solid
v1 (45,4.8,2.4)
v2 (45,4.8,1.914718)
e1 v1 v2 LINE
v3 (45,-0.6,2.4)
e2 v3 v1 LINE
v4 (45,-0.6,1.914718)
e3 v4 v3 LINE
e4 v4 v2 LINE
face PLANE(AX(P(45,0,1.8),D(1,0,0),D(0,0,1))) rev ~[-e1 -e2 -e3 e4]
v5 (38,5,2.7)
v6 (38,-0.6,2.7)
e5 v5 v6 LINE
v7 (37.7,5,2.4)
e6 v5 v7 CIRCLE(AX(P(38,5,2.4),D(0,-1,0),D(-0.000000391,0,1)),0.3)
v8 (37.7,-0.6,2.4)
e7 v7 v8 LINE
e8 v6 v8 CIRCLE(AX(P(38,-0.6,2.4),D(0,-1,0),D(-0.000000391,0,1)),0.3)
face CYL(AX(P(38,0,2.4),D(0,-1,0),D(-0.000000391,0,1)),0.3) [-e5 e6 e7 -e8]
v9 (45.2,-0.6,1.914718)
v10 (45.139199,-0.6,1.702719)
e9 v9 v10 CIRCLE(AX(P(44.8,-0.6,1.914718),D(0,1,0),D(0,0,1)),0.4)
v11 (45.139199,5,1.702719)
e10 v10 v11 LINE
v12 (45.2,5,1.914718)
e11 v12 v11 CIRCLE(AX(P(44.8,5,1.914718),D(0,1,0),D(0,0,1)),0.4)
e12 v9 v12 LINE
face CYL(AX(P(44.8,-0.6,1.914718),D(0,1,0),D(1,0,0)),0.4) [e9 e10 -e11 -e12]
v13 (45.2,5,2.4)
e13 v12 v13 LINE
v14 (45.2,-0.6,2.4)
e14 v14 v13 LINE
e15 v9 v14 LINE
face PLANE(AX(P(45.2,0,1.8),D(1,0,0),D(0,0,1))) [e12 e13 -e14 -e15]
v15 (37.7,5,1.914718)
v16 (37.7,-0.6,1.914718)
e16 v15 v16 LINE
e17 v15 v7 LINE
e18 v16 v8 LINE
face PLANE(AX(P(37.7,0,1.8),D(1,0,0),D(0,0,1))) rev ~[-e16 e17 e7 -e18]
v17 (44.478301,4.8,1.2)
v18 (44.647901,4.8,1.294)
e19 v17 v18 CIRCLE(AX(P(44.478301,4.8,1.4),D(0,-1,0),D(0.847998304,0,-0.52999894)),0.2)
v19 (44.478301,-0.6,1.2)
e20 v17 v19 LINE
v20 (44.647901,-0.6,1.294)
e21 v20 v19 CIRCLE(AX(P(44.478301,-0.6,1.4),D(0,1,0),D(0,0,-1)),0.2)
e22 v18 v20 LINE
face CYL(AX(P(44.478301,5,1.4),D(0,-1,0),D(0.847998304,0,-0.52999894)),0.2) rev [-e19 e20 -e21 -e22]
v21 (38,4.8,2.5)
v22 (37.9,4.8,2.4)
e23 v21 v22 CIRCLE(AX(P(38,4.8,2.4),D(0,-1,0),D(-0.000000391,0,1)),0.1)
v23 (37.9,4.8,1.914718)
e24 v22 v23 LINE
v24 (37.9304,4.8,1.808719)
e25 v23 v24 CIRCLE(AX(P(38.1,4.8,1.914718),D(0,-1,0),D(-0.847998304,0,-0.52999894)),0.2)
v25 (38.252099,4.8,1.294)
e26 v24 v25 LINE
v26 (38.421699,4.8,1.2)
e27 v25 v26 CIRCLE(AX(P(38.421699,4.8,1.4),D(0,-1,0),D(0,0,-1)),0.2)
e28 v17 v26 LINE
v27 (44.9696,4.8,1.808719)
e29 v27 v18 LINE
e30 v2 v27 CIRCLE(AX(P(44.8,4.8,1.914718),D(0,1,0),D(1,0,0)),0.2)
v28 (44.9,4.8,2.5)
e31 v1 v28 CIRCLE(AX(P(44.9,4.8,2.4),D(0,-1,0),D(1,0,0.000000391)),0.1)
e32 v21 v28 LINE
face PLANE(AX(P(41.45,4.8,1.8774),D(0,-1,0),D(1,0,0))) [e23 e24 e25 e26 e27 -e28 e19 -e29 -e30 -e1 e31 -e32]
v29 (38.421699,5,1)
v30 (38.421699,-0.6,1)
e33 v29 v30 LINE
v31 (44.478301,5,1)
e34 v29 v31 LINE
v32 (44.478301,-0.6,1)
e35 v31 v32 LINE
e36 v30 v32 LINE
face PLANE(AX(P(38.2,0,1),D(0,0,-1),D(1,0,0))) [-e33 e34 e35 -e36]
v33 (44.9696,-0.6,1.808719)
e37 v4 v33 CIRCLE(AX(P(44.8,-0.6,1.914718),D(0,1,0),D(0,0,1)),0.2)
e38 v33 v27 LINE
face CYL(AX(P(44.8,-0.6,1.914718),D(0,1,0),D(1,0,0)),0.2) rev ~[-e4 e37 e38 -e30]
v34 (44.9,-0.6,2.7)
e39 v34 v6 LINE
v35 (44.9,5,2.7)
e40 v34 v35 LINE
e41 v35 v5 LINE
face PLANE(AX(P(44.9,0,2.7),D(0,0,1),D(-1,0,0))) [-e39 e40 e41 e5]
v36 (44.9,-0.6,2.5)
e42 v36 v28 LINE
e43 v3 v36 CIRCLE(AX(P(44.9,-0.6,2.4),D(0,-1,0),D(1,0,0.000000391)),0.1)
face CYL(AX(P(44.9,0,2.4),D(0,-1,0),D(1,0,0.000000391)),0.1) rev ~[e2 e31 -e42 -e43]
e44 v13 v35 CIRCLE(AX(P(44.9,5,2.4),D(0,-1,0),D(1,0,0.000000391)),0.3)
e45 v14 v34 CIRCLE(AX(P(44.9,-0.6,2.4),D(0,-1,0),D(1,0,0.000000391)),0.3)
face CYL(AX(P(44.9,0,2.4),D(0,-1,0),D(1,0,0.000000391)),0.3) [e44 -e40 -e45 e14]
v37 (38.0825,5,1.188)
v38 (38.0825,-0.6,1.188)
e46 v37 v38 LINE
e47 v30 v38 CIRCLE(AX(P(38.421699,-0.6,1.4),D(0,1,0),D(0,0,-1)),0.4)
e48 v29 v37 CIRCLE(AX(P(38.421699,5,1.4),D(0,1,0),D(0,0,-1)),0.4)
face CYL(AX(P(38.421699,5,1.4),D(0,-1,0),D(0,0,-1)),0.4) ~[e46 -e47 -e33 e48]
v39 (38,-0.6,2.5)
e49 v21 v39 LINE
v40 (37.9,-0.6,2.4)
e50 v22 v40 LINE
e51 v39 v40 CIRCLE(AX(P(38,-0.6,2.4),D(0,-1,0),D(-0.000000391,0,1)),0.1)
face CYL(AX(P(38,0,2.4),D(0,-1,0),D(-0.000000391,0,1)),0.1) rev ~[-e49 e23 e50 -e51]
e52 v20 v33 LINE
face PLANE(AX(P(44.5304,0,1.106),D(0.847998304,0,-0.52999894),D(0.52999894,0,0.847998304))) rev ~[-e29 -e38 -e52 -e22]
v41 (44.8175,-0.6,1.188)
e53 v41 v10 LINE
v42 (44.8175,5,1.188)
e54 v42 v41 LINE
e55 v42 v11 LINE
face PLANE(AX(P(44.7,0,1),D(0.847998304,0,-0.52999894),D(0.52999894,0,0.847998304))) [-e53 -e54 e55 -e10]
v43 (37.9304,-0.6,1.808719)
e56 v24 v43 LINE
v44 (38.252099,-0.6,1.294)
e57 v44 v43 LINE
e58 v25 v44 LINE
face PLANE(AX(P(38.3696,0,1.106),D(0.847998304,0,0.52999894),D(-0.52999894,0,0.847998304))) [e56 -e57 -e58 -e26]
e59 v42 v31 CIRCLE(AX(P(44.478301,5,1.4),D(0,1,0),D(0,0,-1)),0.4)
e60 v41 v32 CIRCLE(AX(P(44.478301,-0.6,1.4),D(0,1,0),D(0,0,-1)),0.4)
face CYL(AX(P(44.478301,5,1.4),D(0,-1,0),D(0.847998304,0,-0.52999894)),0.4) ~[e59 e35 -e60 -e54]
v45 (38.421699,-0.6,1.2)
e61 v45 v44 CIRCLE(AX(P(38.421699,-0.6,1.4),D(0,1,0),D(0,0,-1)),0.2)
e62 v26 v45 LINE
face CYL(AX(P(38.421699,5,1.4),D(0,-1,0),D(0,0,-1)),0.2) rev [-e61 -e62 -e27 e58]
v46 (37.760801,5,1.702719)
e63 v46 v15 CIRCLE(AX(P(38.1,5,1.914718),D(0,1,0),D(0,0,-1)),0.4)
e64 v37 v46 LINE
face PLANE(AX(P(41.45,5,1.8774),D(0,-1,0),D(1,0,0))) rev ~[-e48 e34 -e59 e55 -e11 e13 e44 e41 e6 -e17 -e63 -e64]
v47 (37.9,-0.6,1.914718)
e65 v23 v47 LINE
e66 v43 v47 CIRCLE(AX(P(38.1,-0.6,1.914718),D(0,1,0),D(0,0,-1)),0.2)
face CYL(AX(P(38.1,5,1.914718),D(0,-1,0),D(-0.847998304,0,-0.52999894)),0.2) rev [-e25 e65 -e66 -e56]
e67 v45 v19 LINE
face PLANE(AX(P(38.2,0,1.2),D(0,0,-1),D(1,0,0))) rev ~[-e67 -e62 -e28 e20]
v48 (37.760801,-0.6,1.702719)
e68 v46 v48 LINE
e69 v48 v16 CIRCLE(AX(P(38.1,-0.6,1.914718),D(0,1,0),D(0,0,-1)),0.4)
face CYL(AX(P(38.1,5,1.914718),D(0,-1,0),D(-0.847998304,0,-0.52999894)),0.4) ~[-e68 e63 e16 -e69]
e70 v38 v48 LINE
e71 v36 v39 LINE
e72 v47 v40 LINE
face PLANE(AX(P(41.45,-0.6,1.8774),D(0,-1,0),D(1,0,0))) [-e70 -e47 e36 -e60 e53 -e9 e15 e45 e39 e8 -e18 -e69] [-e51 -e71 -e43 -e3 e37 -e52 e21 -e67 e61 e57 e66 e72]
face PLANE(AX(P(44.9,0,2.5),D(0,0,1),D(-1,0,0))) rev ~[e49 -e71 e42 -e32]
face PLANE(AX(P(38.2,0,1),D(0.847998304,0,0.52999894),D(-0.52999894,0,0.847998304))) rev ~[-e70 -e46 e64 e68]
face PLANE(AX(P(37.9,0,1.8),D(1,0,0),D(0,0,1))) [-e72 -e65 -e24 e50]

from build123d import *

# Parameters (mm, degrees)
PAD005_DEPTH      = 0.6
PAD005_DEPTH_BACK = 5
FILLET004_R       = 0.4
THICKNESS_T       = -0.2


with BuildPart() as part:
    # Sketch007 (on Face1 of ReferenceLinearPattern004001) → Pad005 (new body, two sides)
    with BuildSketch(Plane.XZ) as pad005_sk:
        with BuildLine():
            Line((44.9, 2.7), (38, 2.7))
            ThreePointArc((38, 2.7), (37.787868, 2.612132), (37.7, 2.4))
            Line((37.7, 1.8), (37.7, 2.4))
            Line((38.2, 1), (37.7, 1.8))
            Line((38.2, 1), (44.7, 1))
            Line((44.7, 1), (45.2, 1.8))
            Line((45.2, 1.8), (45.2, 2.4))
            ThreePointArc((45.2, 2.4), (45.112132, 2.612132), (44.9, 2.7))
        make_face()
    extrude(amount=PAD005_DEPTH)
    extrude(pad005_sk.sketch, amount=-PAD005_DEPTH_BACK)

    # Fillet004
    fillet004_edges = [part.edges().sort_by_distance(p)[0] for p in [
        (37.7, 2.2, 1.8),
        (38.2, 2.2, 1),
        (45.2, 2.2, 1.8),
        (44.7, 2.2, 1),
    ]]
    fillet(fillet004_edges, radius=FILLET004_R)

    # Thickness
    thickness_openings = [part.faces().sort_by_distance(p)[0] for p in [
        (41.45, -0.6, 1.867545),
    ]]
    offset(amount=THICKNESS_T, openings=thickness_openings)


solid = part.part
